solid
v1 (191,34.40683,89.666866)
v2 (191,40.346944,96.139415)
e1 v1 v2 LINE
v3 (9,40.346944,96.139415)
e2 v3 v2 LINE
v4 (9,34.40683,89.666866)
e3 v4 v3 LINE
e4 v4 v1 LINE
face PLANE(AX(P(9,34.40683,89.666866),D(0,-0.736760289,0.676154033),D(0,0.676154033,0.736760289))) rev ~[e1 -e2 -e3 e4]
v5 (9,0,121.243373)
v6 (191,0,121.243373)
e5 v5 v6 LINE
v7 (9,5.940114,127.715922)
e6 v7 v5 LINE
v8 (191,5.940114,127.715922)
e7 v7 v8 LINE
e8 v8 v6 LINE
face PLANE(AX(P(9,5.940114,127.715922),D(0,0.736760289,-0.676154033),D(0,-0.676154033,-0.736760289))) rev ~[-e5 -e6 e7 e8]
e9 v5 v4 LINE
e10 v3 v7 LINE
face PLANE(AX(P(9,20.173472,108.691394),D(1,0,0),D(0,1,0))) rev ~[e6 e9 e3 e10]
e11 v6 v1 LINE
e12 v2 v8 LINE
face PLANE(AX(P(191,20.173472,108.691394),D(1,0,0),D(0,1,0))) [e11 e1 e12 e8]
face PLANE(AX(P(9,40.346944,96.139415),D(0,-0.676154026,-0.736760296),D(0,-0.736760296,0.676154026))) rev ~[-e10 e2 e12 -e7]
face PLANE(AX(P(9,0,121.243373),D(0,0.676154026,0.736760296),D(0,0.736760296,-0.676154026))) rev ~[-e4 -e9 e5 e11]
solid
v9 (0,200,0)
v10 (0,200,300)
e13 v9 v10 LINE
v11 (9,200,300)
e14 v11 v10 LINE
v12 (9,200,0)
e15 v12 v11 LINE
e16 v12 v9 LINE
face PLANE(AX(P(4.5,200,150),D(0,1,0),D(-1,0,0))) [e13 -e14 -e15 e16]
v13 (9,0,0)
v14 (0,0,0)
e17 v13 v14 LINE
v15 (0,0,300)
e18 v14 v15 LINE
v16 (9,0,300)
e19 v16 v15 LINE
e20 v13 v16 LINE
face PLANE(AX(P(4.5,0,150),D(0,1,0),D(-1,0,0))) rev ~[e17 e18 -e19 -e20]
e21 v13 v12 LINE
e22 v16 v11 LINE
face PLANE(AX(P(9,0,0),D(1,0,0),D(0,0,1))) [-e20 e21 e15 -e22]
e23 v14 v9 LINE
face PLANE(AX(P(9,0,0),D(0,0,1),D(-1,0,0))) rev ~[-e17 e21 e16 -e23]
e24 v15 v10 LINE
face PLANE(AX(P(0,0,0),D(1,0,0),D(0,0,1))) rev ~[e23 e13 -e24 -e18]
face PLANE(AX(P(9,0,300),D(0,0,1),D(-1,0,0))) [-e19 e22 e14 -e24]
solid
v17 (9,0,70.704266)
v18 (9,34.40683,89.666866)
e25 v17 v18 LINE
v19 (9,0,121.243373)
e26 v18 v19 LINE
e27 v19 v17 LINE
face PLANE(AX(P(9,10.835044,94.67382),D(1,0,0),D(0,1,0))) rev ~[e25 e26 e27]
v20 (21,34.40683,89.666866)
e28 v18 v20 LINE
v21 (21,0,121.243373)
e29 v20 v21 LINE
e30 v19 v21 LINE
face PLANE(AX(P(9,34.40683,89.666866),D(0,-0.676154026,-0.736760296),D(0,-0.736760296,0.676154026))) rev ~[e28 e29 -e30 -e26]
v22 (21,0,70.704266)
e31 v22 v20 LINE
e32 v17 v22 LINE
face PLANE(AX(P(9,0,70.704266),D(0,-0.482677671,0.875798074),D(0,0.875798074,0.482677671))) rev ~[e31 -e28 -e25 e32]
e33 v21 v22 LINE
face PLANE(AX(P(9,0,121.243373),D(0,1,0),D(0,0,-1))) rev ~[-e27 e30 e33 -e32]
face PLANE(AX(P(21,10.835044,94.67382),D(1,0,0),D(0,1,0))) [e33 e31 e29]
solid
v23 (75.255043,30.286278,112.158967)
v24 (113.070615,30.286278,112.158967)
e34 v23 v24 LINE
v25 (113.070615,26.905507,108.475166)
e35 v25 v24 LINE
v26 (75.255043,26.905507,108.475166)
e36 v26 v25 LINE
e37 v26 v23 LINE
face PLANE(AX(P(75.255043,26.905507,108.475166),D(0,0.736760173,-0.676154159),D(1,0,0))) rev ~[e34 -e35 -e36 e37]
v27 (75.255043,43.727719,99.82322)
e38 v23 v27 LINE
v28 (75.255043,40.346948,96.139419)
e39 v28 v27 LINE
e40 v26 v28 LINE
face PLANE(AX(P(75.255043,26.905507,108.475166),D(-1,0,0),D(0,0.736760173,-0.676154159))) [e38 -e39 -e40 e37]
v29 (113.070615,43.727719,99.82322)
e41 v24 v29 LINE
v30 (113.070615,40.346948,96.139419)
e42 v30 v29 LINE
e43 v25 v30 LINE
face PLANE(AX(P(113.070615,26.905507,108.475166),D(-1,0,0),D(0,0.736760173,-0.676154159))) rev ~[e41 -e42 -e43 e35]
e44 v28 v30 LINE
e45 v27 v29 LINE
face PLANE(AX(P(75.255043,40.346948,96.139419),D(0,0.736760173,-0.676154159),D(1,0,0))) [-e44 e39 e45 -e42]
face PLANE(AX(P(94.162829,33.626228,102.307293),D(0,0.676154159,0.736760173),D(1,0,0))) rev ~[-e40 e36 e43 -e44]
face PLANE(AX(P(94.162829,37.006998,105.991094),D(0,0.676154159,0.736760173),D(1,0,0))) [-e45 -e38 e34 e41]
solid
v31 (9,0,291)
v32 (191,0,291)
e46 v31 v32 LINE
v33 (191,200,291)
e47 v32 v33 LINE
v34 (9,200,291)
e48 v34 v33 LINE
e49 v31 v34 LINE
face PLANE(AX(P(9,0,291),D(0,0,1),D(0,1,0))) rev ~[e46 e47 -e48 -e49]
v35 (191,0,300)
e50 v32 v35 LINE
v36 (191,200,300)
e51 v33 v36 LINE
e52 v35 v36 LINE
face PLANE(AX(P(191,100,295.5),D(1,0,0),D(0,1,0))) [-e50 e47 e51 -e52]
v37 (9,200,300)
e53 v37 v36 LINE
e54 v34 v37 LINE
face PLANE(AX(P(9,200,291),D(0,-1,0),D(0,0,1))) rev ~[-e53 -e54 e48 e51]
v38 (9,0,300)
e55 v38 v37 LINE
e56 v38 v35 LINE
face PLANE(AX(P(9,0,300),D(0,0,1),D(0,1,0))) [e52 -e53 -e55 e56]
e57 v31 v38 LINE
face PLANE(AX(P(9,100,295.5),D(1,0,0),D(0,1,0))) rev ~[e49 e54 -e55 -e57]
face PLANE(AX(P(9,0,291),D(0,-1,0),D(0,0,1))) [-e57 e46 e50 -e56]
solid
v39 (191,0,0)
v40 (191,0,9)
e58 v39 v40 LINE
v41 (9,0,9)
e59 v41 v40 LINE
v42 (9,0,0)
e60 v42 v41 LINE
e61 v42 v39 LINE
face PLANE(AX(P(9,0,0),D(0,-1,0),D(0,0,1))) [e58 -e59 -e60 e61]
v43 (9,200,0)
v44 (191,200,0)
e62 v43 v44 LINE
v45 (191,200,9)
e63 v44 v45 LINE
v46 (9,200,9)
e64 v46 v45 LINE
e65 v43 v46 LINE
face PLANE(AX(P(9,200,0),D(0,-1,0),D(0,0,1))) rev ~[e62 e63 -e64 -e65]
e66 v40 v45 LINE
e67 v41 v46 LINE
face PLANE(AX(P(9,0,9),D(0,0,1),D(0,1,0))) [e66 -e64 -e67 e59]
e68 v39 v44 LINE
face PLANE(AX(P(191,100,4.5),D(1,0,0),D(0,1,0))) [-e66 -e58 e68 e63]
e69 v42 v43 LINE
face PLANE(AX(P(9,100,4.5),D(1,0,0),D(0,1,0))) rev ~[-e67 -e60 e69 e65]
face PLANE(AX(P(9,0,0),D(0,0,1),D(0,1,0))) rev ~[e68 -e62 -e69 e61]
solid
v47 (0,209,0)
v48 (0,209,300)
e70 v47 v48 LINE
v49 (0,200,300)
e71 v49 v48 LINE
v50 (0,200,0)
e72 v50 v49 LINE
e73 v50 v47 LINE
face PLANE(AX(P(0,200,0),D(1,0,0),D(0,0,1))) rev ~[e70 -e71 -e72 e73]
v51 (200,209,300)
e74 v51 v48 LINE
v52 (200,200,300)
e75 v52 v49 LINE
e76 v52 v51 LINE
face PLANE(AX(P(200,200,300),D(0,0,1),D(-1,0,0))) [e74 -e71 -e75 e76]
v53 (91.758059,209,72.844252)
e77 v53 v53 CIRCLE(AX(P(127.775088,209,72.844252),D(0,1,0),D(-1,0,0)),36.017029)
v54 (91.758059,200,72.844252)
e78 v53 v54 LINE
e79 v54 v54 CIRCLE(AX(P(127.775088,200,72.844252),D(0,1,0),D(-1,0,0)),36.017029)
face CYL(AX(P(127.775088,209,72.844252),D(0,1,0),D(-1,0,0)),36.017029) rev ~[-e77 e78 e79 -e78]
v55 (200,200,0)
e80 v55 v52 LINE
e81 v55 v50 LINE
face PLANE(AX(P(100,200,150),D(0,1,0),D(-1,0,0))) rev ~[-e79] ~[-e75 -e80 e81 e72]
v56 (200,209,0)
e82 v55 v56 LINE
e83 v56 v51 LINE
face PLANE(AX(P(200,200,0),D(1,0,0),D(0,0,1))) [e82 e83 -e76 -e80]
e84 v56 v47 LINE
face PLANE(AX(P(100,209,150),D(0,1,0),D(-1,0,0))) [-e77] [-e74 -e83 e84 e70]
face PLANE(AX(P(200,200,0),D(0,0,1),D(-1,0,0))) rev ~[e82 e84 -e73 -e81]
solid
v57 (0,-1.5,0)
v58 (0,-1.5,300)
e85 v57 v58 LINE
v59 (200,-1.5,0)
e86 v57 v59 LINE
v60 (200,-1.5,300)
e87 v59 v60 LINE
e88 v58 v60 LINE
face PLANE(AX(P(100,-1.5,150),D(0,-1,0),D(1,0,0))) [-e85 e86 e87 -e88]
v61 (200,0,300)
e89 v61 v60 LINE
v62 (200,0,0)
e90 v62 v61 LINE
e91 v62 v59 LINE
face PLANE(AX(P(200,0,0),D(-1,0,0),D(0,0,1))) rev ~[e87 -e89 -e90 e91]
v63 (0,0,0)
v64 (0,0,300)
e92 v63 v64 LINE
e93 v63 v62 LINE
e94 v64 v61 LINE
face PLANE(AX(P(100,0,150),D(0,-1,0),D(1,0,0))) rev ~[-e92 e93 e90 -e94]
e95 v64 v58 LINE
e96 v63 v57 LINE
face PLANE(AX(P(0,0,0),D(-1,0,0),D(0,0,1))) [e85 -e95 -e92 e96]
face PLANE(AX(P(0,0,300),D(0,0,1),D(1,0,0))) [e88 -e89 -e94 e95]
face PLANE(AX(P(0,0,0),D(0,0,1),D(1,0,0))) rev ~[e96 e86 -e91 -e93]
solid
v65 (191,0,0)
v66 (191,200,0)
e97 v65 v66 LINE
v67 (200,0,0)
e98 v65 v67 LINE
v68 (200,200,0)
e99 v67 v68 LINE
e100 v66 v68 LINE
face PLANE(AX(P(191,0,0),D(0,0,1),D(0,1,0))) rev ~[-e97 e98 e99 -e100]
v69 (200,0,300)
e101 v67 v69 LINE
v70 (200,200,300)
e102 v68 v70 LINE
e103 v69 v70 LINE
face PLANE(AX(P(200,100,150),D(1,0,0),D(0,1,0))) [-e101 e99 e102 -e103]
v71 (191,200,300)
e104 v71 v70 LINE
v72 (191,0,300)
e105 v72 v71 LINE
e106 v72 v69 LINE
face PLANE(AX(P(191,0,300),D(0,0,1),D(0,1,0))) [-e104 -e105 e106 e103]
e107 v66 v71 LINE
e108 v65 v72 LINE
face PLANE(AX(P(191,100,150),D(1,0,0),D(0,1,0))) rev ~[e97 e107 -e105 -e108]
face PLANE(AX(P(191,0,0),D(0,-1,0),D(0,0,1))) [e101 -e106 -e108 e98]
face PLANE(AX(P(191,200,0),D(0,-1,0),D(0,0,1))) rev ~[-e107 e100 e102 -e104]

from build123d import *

# Parameters (mm, degrees)
F0_W      = 200
F0_H      = 300
F1_DEPTH  = 1.5
F2_W      = 9
F2_H      = 300
F3_DEPTH  = 200
F5_DEPTH  = 12
F7_DEPTH  = 182
F8_W      = 37.815571
F8_H      = 18.243985
F9_DEPTH  = 5
F10_W     = 200
F10_H     = 9
F11_DEPTH = 182
F12_W     = 200
F12_H     = 9
F13_DEPTH = 182
F14_W     = 200
F14_H     = 300
F15_DEPTH = 9
F16_W     = 200
F16_H     = 300
F17_DEPTH = 9
F18_R     = 36.017029
F19_DEPTH = 9


with BuildPart() as f1:
    # F0 (on Front) → F1 (new body)
    with BuildSketch(Plane.XZ):
        with Locations((100, 150)):
            Rectangle(F0_W, F0_H)
    extrude(amount=F1_DEPTH)


with BuildPart() as f3:
    # F2 (on face) → F3 (new body)
    with BuildSketch(Plane(origin=(0, 0, 0), x_dir=(-1, 0, 0), z_dir=(0, 1, 0))):
        with Locations((-4.5, 150)):
            Rectangle(F2_W, F2_H)
    extrude(amount=F3_DEPTH)


with BuildPart() as f5:
    # F4 (on face) → F5 (new body)
    with BuildSketch(Plane.YZ.offset(9)):
        Polygon((34.40683, 89.666866), (0, 121.243373), (0, 70.704266), align=None)
    extrude(amount=F5_DEPTH)


with BuildPart() as f7:
    # F6 (on face) → F7 (new body)
    with BuildSketch(Plane.YZ.offset(9)):
        Polygon((0, 121.243373), (34.40683, 89.666866), (40.346944, 96.139415), (5.940114, 127.715922), align=None)
    extrude(amount=F7_DEPTH)


with BuildPart() as f9:
    # F8 (on face) → F9 (new body)
    with BuildSketch(Plane(origin=(0, 66.33913, 72.285359), x_dir=(1, 0, 0), z_dir=(0, 0.676154, 0.73676))):
        with Locations((94.162829, -44.401019)):
            Rectangle(F8_W, F8_H)
    extrude(amount=F9_DEPTH)


with BuildPart() as f11:
    # F10 (on face) → F11 (new body)
    with BuildSketch(Plane.YZ.offset(9)):
        with Locations((100, 295.5)):
            Rectangle(F10_W, F10_H)
    extrude(amount=F11_DEPTH)


with BuildPart() as f13:
    # F12 (on face) → F13 (new body)
    with BuildSketch(Plane.YZ.offset(9)):
        with Locations((100, 4.5)):
            Rectangle(F12_W, F12_H)
    extrude(amount=F13_DEPTH)


with BuildPart() as f15:
    # F14 (on face) → F15 (new body)
    with BuildSketch(Plane.YZ.offset(191)):
        with Locations((100, 150)):
            Rectangle(F14_W, F14_H)
    extrude(amount=F15_DEPTH)


with BuildPart() as f17:
    # F16 (on face) → F17 (new body)
    with BuildSketch(Plane(origin=(0, 200, 0), x_dir=(-1, 0, 0), z_dir=(0, 1, 0))):
        with Locations((-100, 150)):
            Rectangle(F16_W, F16_H)
    extrude(amount=F17_DEPTH)

    # F18 (on face) → F19 (cut)
    with BuildSketch(Plane(origin=(0, 209, 0), x_dir=(-1, 0, 0), z_dir=(0, 1, 0))):
        with Locations((-127.775088, 72.844252)):
            Circle(F18_R)
    extrude(amount=-F19_DEPTH, mode=Mode.SUBTRACT)


solid = Compound([f1.part, f3.part, f5.part, f7.part, f9.part, f11.part, f13.part, f15.part, f17.part])
